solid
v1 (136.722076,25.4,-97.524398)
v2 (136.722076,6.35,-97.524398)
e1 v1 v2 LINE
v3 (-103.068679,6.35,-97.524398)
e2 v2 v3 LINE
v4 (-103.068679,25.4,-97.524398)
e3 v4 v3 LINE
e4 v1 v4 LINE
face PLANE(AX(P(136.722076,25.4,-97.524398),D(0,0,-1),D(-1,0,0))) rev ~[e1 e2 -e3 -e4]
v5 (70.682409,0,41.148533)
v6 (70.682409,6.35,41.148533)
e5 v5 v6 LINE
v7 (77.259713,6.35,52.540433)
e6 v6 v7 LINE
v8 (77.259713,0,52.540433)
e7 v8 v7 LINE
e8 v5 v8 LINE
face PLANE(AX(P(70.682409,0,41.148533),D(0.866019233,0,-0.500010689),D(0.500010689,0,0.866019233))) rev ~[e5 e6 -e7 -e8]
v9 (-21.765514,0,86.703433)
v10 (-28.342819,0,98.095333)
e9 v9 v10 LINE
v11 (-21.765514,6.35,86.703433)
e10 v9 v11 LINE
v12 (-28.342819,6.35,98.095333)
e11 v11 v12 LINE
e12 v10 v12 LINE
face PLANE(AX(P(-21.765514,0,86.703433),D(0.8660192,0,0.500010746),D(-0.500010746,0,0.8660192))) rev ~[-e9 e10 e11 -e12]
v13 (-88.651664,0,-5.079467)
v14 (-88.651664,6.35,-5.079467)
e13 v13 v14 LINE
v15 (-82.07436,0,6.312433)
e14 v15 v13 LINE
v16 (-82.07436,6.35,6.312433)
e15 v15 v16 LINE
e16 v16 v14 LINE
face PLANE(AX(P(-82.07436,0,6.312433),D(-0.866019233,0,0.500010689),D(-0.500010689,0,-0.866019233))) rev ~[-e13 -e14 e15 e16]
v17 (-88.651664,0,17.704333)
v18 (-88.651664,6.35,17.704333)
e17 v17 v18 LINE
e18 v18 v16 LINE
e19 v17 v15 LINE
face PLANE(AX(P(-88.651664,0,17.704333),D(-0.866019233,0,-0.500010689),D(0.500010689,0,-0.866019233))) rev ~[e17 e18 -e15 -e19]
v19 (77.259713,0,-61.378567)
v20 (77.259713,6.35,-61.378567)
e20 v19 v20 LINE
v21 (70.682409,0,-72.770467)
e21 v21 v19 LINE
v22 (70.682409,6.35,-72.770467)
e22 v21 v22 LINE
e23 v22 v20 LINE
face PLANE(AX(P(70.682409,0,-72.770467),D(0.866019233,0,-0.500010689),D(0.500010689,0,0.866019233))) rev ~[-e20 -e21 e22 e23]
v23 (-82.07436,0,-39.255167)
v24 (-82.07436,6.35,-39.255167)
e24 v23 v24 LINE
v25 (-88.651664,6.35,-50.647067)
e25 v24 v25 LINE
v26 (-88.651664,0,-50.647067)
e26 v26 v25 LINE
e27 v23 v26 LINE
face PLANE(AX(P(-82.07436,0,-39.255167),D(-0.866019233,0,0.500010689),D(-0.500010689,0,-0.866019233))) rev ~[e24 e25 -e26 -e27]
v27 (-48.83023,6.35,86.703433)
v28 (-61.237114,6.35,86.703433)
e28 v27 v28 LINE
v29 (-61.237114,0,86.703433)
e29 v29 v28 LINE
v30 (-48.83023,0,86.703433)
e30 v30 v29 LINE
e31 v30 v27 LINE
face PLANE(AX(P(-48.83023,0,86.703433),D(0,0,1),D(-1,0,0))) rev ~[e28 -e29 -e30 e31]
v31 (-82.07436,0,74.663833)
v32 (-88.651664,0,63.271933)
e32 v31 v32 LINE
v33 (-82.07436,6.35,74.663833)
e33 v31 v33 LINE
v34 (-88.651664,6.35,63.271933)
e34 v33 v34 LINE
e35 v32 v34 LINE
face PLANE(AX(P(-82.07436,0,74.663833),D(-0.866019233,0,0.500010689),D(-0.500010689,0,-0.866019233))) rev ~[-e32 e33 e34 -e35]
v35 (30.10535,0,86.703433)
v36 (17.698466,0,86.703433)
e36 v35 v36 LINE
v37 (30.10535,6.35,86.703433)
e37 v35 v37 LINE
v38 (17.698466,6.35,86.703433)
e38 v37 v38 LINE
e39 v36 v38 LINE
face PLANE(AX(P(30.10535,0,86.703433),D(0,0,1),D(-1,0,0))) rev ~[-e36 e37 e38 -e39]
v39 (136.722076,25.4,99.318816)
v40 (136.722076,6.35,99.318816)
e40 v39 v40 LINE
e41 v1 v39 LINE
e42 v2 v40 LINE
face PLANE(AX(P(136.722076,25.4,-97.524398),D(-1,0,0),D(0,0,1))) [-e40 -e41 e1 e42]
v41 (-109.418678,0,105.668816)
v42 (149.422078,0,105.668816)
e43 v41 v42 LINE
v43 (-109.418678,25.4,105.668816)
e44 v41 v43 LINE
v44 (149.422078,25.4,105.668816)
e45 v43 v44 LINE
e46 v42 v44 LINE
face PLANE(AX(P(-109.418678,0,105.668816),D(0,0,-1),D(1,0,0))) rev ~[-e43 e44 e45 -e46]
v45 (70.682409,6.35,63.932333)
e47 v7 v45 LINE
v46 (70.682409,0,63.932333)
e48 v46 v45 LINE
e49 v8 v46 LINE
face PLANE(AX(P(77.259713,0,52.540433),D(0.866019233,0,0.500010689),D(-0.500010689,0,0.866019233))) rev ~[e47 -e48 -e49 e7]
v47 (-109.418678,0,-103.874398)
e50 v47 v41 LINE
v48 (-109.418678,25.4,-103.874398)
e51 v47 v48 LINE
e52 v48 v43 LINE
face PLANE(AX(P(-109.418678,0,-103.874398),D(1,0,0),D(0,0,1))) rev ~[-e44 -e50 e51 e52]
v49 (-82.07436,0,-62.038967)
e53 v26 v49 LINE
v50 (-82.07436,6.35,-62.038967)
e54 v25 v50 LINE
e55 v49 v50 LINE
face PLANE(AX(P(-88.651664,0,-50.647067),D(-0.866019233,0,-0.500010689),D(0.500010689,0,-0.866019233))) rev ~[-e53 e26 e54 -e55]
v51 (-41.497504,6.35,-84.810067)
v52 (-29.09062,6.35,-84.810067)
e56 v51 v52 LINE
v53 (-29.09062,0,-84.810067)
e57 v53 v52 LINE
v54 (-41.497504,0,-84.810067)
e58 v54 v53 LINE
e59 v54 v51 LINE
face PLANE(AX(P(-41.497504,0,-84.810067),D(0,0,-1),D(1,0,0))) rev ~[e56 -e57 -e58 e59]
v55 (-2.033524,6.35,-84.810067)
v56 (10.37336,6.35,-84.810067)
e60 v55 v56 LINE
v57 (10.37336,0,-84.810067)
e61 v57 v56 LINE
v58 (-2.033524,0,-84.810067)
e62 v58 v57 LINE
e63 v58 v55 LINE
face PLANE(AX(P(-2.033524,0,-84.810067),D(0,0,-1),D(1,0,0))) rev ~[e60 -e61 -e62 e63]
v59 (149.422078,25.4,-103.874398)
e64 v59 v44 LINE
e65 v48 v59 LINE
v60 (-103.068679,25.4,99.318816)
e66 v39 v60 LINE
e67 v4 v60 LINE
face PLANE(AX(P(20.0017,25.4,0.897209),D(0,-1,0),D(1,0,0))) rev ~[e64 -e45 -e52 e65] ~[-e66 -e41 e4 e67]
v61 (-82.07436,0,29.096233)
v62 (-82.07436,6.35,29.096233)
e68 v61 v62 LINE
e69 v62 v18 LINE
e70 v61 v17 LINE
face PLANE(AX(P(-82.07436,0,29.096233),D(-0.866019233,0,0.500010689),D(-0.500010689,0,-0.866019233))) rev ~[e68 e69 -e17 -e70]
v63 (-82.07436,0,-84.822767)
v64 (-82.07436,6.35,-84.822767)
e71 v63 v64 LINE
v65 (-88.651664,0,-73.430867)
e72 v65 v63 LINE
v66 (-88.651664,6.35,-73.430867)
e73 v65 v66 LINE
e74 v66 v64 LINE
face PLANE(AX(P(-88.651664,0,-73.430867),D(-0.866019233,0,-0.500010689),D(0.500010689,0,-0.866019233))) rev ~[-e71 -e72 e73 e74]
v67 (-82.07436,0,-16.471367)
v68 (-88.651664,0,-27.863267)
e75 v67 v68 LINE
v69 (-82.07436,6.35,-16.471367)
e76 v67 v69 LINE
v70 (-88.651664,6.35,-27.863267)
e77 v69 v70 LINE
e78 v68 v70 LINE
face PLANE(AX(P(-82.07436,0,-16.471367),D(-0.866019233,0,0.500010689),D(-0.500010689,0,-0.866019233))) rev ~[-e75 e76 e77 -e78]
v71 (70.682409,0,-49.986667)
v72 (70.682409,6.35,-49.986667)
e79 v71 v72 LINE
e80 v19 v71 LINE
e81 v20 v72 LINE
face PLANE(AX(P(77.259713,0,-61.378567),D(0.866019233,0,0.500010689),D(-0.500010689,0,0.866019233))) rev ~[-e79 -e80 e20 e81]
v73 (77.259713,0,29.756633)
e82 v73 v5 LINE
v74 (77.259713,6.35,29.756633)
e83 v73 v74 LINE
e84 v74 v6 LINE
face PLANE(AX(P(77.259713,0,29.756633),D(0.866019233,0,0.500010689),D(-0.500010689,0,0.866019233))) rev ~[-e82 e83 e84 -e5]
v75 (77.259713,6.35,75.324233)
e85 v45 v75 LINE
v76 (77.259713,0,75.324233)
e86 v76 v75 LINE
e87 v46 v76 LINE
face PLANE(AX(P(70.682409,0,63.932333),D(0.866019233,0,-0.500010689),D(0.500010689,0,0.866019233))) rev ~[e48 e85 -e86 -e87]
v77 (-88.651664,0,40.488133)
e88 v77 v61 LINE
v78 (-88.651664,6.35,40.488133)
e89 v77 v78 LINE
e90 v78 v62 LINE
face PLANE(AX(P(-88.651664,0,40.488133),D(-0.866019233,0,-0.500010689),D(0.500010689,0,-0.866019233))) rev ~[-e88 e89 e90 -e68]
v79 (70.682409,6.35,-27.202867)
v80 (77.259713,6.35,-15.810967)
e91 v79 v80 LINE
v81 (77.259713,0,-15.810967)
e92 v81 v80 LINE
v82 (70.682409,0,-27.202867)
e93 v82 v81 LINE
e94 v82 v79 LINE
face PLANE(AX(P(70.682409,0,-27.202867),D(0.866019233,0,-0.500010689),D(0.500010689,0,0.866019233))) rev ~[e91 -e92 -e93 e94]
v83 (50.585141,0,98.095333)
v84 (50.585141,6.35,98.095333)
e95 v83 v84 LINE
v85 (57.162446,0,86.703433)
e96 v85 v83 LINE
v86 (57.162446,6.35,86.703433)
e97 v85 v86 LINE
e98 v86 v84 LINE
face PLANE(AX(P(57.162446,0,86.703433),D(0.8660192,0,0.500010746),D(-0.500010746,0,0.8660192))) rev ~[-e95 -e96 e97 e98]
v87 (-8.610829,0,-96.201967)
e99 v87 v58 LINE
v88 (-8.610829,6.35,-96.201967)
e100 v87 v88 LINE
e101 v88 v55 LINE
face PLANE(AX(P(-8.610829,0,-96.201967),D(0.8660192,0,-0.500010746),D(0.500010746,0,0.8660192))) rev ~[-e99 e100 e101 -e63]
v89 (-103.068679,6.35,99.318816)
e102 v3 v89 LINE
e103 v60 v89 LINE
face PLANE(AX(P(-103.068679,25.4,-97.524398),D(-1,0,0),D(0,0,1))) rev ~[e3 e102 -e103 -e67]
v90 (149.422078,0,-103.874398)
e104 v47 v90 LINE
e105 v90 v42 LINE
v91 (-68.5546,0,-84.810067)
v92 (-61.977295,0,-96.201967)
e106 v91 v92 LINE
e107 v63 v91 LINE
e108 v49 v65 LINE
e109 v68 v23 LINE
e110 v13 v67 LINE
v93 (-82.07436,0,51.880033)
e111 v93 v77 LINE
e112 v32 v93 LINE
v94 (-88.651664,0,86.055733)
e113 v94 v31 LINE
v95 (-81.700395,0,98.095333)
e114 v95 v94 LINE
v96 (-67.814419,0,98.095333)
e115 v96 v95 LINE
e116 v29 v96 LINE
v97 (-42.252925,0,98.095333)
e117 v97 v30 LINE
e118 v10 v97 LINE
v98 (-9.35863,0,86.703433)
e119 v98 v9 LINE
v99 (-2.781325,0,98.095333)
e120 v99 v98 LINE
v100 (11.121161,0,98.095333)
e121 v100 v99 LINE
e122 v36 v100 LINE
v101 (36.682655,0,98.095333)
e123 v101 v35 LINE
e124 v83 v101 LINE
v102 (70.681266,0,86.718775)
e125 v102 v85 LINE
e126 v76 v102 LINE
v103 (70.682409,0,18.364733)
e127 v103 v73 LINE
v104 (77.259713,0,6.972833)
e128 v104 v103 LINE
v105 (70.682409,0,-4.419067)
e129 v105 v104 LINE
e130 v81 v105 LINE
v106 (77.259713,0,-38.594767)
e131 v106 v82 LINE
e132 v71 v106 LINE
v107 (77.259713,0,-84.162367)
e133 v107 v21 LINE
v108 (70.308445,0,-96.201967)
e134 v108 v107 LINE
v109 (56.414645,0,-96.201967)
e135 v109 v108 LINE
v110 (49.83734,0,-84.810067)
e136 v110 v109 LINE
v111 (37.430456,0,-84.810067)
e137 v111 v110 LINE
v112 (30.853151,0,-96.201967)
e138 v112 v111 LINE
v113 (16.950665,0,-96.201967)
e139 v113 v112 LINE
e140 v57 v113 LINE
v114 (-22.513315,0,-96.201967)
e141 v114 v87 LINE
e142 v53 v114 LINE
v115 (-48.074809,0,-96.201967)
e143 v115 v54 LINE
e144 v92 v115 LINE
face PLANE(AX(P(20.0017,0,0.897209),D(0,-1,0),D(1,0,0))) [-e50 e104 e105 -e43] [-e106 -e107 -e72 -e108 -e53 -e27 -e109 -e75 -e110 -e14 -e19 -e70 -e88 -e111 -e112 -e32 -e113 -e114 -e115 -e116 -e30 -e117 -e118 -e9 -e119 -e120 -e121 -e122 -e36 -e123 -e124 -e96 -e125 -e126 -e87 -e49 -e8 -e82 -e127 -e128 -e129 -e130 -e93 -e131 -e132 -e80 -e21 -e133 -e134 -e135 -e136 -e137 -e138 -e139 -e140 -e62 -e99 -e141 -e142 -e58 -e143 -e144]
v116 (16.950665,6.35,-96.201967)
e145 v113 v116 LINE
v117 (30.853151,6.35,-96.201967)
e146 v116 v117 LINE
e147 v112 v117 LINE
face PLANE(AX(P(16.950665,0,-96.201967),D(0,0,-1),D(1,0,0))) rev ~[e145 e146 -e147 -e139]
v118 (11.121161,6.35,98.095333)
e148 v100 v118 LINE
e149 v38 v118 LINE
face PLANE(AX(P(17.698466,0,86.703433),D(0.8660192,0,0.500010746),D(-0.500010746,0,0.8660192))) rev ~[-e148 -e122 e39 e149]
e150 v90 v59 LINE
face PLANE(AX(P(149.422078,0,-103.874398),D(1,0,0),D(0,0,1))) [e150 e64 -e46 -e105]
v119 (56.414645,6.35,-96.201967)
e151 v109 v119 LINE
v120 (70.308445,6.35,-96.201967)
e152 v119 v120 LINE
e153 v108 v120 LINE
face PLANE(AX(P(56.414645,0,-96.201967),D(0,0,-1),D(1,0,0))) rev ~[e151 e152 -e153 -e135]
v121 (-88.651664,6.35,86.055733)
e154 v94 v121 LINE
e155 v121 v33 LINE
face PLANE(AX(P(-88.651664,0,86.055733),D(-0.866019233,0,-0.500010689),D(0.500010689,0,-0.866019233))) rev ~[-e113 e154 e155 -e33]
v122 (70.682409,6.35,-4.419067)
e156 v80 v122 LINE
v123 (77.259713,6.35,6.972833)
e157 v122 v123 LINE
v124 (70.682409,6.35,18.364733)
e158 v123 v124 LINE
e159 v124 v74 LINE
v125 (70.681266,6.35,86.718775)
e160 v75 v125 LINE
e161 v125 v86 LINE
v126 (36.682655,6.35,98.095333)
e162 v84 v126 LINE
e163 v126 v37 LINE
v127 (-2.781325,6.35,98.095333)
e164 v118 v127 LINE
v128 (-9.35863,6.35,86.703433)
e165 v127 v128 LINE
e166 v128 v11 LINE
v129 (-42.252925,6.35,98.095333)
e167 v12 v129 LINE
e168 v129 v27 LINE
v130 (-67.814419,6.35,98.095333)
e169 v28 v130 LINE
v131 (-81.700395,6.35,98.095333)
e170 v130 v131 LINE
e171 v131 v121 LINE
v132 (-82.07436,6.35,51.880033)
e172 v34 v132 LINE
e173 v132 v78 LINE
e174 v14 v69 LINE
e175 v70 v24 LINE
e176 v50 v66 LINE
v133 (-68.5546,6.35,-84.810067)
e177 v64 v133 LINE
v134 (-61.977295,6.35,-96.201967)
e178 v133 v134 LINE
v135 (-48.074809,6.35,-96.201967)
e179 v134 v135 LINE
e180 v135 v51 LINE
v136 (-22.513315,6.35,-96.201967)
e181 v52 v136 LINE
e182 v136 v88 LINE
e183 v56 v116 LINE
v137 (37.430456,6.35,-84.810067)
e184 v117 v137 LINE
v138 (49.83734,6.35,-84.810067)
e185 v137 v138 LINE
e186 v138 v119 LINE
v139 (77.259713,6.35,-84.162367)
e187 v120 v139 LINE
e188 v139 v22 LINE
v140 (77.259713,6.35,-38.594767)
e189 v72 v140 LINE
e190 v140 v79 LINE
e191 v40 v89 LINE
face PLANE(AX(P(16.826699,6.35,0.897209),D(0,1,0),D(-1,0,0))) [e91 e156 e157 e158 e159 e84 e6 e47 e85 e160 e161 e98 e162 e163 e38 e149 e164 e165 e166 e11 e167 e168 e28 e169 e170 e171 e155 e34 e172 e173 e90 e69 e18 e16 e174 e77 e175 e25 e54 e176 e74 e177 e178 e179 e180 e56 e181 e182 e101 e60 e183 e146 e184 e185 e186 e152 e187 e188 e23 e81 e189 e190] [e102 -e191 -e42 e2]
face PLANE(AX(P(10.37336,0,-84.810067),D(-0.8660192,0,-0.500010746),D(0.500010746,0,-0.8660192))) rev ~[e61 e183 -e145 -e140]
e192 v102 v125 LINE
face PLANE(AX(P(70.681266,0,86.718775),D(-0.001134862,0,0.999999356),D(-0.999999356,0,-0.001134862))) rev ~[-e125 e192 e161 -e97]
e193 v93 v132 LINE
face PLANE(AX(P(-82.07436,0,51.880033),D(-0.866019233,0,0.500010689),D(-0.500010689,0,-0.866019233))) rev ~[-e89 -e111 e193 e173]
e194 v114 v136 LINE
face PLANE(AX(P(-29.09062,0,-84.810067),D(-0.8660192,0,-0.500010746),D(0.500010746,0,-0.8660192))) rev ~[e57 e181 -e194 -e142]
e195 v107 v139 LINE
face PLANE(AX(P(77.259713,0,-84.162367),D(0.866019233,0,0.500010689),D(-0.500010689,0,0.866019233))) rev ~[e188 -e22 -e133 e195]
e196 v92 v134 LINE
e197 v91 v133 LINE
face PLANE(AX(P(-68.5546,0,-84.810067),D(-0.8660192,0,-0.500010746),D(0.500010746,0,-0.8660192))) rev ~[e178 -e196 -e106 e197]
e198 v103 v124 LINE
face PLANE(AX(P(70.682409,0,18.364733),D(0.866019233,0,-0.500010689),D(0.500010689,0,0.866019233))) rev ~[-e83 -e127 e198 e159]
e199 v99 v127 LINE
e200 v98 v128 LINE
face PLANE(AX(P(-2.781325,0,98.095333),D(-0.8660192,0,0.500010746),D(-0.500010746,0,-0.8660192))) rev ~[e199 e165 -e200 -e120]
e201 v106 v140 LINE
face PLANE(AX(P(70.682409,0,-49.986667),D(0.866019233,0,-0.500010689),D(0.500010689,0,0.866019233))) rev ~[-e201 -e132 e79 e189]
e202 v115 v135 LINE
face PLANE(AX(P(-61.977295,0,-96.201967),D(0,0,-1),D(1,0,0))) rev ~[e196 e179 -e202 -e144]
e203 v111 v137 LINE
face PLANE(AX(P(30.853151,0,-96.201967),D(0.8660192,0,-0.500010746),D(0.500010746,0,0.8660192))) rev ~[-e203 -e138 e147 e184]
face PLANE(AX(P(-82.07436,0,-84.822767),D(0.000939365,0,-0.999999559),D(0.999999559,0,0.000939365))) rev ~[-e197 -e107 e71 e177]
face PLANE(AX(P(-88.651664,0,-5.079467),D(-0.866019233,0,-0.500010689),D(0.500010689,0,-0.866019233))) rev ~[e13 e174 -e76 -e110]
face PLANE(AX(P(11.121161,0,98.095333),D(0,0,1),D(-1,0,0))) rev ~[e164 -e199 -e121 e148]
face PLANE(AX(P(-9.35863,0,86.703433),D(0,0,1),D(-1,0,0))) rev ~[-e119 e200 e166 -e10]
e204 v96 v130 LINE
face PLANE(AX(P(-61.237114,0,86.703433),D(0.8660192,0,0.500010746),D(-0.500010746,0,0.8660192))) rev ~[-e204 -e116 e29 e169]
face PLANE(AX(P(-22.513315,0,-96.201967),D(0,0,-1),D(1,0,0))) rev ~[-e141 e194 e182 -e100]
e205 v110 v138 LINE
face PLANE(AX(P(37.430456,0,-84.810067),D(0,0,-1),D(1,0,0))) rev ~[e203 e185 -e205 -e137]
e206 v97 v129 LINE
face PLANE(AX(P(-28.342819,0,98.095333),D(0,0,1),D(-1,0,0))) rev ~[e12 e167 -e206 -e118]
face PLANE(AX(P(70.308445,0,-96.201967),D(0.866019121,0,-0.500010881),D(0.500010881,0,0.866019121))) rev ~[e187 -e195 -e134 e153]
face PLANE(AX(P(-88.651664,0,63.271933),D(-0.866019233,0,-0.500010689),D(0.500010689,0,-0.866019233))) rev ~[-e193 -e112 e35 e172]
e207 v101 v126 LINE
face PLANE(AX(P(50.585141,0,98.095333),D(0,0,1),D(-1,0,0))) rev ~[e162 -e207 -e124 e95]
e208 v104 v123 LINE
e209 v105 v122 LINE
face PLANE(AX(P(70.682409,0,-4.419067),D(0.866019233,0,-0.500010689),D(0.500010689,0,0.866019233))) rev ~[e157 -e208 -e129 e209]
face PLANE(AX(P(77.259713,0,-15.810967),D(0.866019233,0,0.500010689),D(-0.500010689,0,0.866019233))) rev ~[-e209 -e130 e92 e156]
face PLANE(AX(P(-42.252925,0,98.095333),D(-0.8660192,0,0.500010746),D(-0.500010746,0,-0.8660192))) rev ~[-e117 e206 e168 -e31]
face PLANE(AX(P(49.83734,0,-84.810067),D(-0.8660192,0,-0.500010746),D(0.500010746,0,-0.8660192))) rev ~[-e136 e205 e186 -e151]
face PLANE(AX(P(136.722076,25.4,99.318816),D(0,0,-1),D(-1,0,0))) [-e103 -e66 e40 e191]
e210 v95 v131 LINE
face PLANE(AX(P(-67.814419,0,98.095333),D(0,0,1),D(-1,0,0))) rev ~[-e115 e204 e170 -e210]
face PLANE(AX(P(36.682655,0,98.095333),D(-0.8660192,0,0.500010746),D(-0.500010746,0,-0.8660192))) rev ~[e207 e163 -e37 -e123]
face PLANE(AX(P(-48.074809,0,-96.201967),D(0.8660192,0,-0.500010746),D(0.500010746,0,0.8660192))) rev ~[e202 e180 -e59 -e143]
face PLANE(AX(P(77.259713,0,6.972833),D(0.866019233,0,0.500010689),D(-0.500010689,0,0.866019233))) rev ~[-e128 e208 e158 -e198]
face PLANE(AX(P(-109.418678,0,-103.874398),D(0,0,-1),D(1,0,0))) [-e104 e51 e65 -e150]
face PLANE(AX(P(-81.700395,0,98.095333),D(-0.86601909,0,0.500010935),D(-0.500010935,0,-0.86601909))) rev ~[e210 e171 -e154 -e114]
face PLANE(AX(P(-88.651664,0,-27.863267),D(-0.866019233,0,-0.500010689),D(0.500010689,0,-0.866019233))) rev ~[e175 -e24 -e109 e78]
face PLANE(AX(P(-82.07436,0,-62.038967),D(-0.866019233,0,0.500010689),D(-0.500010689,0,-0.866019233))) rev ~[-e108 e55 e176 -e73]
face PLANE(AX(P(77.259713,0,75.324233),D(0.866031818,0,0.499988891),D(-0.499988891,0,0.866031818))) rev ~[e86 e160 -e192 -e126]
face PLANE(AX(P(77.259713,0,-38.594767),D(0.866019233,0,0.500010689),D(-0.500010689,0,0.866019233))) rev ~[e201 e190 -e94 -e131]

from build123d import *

# Parameters (mm, degrees)
F1_W     = 258.840755
F1_H     = 209.543214
F2_DEPTH = 25.4
F3_DEPTH = 25.4
F4_W     = 239.790755
F4_H     = 196.843214
F5_DEPTH = 19.05


with BuildPart() as f2:
    # F1 (on Front) → F2 (new body)
    with BuildSketch(Plane.XZ):
        with Locations((20.0017, 0.897209)):
            Rectangle(F1_W, F1_H)
    extrude(amount=-F2_DEPTH)

    # F0 (on Front) → F3 (cut)
    with BuildSketch(Plane.XZ):
        Polygon((-88.651664, 86.055733), (-82.07436, 74.663833), (-88.651664, 63.271933), (-82.07436, 51.880033), (-88.651664, 40.488133), (-82.07436, 29.096233), (-88.651664, 17.704333), (-82.07436, 6.312433), (-88.651664, -5.079467), (-82.07436, -16.471367), (-88.651664, -27.863267), (-82.07436, -39.255167), (-88.651664, -50.647067), (-82.07436, -62.038967), (-88.651664, -73.430867), (-82.07436, -84.822767), (-68.5546, -84.810067), (-61.977295, -96.201967), (-48.074809, -96.201967), (-41.497504, -84.810067), (-29.09062, -84.810067), (-22.513315, -96.201967), (-8.610829, -96.201967), (-2.033524, -84.810067), (10.37336, -84.810067), (16.950665, -96.201967), (30.853151, -96.201967), (37.430456, -84.810067), (49.83734, -84.810067), (56.414645, -96.201967), (70.308445, -96.201967), (77.259713, -84.162367), (70.682409, -72.770467), (77.259713, -61.378567), (70.682409, -49.986667), (77.259713, -38.594767), (70.682409, -27.202867), (77.259713, -15.810967), (70.682409, -4.419067), (77.259713, 6.972833), (70.682409, 18.364733), (77.259713, 29.756633), (70.682409, 41.148533), (77.259713, 52.540433), (70.682409, 63.932333), (77.259713, 75.324233), (70.681266, 86.718775), (57.162446, 86.703433), (50.585141, 98.095333), (36.682655, 98.095333), (30.10535, 86.703433), (17.698466, 86.703433), (11.121161, 98.095333), (-2.781325, 98.095333), (-9.35863, 86.703433), (-21.765514, 86.703433), (-28.342819, 98.095333), (-42.252925, 98.095333), (-48.83023, 86.703433), (-61.237114, 86.703433), (-67.814419, 98.095333), (-81.700395, 98.095333), align=None)
    extrude(amount=-F3_DEPTH, mode=Mode.SUBTRACT)

    # F4 (on face) → F5 (cut)
    with BuildSketch(Plane(origin=(0, 25.4, 0), x_dir=(-1, 0, 0), z_dir=(0, 1, 0))):
        with Locations((-16.826699, 0.897209)):
            Rectangle(F4_W, F4_H)
    extrude(amount=-F5_DEPTH, mode=Mode.SUBTRACT)


solid = f2.part
